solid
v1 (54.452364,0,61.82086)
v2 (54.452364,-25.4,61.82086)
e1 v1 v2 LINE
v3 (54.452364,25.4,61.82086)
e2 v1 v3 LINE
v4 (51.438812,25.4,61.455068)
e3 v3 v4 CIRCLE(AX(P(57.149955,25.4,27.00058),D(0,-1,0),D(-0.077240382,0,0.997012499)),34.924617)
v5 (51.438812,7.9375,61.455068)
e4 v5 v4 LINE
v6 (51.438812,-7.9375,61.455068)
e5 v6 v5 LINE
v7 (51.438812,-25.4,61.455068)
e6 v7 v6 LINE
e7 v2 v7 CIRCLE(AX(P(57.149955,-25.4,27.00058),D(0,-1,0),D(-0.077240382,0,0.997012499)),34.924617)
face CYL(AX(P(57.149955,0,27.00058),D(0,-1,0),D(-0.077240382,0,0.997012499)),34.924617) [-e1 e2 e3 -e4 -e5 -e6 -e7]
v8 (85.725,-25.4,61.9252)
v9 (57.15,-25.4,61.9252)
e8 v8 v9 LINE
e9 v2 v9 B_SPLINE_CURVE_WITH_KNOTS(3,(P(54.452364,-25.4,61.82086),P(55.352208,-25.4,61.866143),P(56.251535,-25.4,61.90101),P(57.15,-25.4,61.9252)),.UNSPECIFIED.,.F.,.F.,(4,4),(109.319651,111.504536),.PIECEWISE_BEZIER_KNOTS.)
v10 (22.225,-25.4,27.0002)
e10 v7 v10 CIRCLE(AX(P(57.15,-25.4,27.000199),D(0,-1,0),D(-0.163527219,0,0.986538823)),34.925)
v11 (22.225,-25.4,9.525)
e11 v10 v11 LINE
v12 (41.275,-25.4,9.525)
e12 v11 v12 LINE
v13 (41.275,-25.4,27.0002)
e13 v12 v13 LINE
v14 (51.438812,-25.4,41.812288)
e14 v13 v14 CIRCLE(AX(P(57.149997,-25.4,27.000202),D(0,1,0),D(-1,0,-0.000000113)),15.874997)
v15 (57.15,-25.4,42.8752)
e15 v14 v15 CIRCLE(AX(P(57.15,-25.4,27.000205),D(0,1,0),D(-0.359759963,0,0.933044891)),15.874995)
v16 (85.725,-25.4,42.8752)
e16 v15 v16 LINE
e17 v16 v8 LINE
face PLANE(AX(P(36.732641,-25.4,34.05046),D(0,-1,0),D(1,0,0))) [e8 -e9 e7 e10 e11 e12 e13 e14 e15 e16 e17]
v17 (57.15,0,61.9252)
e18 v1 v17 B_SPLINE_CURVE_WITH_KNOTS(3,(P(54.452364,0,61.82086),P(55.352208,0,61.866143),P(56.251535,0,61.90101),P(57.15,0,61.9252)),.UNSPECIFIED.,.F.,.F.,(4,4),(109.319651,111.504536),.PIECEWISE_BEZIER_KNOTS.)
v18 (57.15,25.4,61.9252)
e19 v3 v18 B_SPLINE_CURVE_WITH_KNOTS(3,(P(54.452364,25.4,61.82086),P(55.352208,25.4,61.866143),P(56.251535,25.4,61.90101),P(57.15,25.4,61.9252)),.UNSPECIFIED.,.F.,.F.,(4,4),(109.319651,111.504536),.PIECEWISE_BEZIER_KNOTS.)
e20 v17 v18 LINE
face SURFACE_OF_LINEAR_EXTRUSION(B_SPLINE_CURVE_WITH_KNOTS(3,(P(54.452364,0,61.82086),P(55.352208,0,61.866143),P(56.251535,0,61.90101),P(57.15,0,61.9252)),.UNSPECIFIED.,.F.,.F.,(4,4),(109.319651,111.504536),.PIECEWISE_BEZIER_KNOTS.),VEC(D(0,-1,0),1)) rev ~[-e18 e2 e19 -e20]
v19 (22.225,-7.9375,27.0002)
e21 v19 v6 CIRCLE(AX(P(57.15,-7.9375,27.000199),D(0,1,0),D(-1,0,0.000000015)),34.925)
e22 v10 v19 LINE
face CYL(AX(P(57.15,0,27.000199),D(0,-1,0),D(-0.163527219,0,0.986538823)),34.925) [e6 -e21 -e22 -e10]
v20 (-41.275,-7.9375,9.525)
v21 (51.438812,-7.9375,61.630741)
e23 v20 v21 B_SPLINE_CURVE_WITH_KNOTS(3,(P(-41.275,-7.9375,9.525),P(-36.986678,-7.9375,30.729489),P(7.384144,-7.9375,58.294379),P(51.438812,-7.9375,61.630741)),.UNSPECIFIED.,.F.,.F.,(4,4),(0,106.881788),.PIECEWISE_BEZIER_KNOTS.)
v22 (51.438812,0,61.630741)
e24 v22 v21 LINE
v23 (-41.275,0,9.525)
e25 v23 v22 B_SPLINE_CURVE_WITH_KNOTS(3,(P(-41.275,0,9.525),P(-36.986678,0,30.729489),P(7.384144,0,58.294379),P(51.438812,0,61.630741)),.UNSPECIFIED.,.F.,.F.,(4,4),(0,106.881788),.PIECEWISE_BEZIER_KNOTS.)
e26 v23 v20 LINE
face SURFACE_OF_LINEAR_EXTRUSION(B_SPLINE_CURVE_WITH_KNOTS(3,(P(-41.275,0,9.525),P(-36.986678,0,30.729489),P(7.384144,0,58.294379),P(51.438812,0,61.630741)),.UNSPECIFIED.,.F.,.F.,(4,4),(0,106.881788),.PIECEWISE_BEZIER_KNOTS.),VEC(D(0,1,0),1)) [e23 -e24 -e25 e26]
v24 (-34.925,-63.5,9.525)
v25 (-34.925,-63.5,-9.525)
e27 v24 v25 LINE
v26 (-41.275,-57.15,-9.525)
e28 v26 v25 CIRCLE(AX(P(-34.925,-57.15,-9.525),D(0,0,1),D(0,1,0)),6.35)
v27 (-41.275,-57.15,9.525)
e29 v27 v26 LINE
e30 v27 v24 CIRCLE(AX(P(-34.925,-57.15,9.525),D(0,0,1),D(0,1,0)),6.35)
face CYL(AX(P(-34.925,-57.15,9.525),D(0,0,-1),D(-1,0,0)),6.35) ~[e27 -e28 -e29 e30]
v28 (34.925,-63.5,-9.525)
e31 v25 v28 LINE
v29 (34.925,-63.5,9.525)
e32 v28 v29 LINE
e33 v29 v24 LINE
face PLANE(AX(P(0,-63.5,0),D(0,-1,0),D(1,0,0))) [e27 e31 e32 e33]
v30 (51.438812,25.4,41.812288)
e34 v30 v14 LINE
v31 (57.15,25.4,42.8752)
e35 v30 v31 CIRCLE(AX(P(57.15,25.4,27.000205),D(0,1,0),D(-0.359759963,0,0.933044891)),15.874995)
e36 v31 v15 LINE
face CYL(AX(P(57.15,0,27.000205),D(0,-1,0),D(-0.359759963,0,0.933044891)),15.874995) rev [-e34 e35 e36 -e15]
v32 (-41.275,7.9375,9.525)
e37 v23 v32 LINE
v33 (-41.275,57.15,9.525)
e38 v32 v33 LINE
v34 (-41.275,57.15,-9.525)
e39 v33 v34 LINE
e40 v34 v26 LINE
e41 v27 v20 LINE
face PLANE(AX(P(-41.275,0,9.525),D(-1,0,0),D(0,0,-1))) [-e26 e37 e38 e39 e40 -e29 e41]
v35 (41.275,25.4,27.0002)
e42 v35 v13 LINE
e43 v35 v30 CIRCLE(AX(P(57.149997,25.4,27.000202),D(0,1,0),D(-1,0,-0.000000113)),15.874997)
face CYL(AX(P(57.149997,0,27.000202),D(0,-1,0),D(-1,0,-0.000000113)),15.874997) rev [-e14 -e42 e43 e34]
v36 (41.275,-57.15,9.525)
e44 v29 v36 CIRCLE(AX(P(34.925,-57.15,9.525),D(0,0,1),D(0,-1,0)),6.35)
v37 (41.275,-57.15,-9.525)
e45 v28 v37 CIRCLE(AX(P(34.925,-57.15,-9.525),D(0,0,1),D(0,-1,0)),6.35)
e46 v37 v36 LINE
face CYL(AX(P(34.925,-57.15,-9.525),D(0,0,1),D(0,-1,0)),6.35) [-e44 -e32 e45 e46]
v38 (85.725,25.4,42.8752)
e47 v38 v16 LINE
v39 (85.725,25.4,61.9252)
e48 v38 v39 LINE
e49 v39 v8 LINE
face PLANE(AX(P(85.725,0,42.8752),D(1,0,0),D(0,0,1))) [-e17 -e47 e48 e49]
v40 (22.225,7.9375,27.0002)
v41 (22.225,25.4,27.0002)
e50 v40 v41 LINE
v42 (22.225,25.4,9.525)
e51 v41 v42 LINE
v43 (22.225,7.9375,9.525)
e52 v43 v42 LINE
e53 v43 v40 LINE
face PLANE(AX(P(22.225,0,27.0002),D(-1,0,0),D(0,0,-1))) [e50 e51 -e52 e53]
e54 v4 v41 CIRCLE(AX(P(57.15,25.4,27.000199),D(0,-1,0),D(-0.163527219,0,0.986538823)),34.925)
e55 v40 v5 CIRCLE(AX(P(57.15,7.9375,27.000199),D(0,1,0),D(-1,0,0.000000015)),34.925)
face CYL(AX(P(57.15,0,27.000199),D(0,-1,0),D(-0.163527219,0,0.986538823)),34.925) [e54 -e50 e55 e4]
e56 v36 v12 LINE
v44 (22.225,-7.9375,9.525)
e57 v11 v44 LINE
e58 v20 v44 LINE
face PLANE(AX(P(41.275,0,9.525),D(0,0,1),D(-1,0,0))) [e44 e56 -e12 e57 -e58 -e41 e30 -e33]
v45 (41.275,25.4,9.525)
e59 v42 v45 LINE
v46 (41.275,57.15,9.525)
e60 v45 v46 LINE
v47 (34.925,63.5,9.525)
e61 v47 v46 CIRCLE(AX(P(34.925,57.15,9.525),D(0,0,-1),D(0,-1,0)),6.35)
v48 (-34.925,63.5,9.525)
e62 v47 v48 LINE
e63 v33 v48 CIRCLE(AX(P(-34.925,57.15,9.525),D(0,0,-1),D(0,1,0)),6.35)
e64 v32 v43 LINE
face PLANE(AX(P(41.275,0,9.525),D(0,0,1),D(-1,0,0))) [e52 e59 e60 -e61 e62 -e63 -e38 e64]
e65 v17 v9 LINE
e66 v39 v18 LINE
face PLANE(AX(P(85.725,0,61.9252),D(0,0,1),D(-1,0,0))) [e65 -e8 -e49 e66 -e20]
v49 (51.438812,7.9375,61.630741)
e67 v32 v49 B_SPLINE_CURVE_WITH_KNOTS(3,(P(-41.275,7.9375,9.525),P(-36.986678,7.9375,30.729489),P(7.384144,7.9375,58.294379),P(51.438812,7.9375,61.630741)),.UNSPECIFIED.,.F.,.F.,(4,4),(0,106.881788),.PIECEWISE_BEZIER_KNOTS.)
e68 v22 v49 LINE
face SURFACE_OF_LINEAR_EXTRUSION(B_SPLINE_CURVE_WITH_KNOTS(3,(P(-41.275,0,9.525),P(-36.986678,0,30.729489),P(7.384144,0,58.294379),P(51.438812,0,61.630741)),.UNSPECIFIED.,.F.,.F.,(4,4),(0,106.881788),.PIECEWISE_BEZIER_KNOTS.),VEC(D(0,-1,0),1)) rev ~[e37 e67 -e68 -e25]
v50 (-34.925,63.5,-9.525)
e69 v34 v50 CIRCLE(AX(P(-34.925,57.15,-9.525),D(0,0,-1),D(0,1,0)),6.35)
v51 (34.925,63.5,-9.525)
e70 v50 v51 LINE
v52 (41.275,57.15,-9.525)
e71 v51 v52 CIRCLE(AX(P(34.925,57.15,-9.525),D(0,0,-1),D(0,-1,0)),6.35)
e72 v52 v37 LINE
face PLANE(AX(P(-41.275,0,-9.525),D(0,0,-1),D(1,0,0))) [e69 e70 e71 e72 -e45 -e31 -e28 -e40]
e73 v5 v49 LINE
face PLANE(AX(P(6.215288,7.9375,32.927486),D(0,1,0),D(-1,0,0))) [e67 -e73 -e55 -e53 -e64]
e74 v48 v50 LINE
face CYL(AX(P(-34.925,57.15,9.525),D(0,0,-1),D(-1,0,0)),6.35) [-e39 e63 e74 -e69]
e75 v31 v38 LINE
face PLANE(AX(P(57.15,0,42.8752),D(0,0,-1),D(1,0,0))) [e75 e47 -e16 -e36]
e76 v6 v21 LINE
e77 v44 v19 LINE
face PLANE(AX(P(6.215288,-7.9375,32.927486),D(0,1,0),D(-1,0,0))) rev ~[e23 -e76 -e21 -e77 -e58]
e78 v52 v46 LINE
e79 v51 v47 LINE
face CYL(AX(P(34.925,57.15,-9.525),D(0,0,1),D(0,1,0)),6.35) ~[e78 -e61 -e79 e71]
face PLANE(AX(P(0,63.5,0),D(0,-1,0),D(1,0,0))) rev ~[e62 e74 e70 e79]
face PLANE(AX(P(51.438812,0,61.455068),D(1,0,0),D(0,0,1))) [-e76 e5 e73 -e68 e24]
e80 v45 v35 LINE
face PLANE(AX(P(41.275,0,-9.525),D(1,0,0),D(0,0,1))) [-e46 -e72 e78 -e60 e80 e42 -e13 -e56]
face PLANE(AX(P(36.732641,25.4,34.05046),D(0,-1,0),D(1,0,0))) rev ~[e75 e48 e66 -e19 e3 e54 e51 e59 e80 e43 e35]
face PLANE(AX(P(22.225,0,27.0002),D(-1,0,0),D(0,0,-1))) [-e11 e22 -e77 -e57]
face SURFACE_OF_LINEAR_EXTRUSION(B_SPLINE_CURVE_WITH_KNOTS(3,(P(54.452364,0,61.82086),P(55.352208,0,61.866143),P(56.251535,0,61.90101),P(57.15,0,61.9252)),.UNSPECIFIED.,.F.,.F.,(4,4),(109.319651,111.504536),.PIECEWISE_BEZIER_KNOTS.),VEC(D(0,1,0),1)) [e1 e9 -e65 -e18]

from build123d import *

# Parameters (mm, degrees)
F1_DEPTH = 63.5
F2_DEPTH = 25.4
F3_DEPTH = 7.9375
F4_R     = 6.35


with BuildPart() as f1:
    # F0 (on Front) → F1 (new body, symmetric)
    with BuildSketch(Plane.XZ):
        Polygon((-41.275, 9.525), (-41.275, -9.525), (41.275, -9.525), (41.275, 9.525), (22.225, 9.525), align=None)
    extrude(amount=F1_DEPTH, both=True)

    # F0 (on Front) → F2 (join, symmetric)
    with BuildSketch(Plane.XZ):
        with BuildLine():
            Line((22.225, 9.525), (41.275, 9.525))
            Line((41.275, 9.525), (41.275, 27.0002))
            ThreePointArc((41.275, 27.0002), (44.060295, 35.982141), (51.438812, 41.812288))
            Line((51.438812, 41.812288), (51.438812, 61.455068))
            ThreePointArc((51.438812, 61.455068), (30.511505, 49.586616), (22.225, 27.0002))
            Line((22.225, 27.0002), (22.225, 9.525))
        make_face()
        with BuildLine():
            ThreePointArc((54.452364, 61.82086), (52.941612, 61.670722), (51.438812, 61.455068))
            Line((51.438812, 61.455068), (51.438812, 41.812288))
            ThreePointArc((51.438812, 41.812288), (54.245372, 42.60721), (57.15, 42.8752))
            Line((57.15, 42.8752), (85.725, 42.8752))
            Line((85.725, 42.8752), (85.725, 61.9252))
            Line((85.725, 61.9252), (57.15, 61.9252))
            add(Edge.make_bspline(
                [(54.452364, 61.82086), (55.352208, 61.866143), (56.251535, 61.90101), (57.15, 61.9252)],
                knots=[109.319651, 109.319651, 109.319651, 109.319651, 111.504536, 111.504536, 111.504536, 111.504536], degree=3))
        make_face()
    extrude(amount=F2_DEPTH, both=True)

    # F0 (on Front) → F3 (join, symmetric)
    with BuildSketch(Plane.XZ):
        with BuildLine():
            add(Edge.make_bspline(
                [(-41.275, 9.525), (-36.986678, 30.729489), (7.384144, 58.294379), (51.438812, 61.630741)],
                knots=[0, 0, 0, 0, 106.881788, 106.881788, 106.881788, 106.881788], degree=3))
            Line((-41.275, 9.525), (22.225, 9.525))
            Line((22.225, 9.525), (22.225, 27.0002))
            ThreePointArc((22.225, 27.0002), (30.511505, 49.586616), (51.438812, 61.455068))
            Line((51.438812, 61.455068), (51.438812, 61.630741))
        make_face()
    extrude(amount=F3_DEPTH, both=True)

    # F4
    f4_edges = [f1.edges().sort_by_distance(p)[0] for p in [
        (-41.275, -63.5, 0),
        (41.275, -63.5, 0),
        (41.275, 63.5, 0),
        (-41.275, 63.5, 0),
    ]]
    fillet(f4_edges, radius=F4_R)


solid = f1.part
